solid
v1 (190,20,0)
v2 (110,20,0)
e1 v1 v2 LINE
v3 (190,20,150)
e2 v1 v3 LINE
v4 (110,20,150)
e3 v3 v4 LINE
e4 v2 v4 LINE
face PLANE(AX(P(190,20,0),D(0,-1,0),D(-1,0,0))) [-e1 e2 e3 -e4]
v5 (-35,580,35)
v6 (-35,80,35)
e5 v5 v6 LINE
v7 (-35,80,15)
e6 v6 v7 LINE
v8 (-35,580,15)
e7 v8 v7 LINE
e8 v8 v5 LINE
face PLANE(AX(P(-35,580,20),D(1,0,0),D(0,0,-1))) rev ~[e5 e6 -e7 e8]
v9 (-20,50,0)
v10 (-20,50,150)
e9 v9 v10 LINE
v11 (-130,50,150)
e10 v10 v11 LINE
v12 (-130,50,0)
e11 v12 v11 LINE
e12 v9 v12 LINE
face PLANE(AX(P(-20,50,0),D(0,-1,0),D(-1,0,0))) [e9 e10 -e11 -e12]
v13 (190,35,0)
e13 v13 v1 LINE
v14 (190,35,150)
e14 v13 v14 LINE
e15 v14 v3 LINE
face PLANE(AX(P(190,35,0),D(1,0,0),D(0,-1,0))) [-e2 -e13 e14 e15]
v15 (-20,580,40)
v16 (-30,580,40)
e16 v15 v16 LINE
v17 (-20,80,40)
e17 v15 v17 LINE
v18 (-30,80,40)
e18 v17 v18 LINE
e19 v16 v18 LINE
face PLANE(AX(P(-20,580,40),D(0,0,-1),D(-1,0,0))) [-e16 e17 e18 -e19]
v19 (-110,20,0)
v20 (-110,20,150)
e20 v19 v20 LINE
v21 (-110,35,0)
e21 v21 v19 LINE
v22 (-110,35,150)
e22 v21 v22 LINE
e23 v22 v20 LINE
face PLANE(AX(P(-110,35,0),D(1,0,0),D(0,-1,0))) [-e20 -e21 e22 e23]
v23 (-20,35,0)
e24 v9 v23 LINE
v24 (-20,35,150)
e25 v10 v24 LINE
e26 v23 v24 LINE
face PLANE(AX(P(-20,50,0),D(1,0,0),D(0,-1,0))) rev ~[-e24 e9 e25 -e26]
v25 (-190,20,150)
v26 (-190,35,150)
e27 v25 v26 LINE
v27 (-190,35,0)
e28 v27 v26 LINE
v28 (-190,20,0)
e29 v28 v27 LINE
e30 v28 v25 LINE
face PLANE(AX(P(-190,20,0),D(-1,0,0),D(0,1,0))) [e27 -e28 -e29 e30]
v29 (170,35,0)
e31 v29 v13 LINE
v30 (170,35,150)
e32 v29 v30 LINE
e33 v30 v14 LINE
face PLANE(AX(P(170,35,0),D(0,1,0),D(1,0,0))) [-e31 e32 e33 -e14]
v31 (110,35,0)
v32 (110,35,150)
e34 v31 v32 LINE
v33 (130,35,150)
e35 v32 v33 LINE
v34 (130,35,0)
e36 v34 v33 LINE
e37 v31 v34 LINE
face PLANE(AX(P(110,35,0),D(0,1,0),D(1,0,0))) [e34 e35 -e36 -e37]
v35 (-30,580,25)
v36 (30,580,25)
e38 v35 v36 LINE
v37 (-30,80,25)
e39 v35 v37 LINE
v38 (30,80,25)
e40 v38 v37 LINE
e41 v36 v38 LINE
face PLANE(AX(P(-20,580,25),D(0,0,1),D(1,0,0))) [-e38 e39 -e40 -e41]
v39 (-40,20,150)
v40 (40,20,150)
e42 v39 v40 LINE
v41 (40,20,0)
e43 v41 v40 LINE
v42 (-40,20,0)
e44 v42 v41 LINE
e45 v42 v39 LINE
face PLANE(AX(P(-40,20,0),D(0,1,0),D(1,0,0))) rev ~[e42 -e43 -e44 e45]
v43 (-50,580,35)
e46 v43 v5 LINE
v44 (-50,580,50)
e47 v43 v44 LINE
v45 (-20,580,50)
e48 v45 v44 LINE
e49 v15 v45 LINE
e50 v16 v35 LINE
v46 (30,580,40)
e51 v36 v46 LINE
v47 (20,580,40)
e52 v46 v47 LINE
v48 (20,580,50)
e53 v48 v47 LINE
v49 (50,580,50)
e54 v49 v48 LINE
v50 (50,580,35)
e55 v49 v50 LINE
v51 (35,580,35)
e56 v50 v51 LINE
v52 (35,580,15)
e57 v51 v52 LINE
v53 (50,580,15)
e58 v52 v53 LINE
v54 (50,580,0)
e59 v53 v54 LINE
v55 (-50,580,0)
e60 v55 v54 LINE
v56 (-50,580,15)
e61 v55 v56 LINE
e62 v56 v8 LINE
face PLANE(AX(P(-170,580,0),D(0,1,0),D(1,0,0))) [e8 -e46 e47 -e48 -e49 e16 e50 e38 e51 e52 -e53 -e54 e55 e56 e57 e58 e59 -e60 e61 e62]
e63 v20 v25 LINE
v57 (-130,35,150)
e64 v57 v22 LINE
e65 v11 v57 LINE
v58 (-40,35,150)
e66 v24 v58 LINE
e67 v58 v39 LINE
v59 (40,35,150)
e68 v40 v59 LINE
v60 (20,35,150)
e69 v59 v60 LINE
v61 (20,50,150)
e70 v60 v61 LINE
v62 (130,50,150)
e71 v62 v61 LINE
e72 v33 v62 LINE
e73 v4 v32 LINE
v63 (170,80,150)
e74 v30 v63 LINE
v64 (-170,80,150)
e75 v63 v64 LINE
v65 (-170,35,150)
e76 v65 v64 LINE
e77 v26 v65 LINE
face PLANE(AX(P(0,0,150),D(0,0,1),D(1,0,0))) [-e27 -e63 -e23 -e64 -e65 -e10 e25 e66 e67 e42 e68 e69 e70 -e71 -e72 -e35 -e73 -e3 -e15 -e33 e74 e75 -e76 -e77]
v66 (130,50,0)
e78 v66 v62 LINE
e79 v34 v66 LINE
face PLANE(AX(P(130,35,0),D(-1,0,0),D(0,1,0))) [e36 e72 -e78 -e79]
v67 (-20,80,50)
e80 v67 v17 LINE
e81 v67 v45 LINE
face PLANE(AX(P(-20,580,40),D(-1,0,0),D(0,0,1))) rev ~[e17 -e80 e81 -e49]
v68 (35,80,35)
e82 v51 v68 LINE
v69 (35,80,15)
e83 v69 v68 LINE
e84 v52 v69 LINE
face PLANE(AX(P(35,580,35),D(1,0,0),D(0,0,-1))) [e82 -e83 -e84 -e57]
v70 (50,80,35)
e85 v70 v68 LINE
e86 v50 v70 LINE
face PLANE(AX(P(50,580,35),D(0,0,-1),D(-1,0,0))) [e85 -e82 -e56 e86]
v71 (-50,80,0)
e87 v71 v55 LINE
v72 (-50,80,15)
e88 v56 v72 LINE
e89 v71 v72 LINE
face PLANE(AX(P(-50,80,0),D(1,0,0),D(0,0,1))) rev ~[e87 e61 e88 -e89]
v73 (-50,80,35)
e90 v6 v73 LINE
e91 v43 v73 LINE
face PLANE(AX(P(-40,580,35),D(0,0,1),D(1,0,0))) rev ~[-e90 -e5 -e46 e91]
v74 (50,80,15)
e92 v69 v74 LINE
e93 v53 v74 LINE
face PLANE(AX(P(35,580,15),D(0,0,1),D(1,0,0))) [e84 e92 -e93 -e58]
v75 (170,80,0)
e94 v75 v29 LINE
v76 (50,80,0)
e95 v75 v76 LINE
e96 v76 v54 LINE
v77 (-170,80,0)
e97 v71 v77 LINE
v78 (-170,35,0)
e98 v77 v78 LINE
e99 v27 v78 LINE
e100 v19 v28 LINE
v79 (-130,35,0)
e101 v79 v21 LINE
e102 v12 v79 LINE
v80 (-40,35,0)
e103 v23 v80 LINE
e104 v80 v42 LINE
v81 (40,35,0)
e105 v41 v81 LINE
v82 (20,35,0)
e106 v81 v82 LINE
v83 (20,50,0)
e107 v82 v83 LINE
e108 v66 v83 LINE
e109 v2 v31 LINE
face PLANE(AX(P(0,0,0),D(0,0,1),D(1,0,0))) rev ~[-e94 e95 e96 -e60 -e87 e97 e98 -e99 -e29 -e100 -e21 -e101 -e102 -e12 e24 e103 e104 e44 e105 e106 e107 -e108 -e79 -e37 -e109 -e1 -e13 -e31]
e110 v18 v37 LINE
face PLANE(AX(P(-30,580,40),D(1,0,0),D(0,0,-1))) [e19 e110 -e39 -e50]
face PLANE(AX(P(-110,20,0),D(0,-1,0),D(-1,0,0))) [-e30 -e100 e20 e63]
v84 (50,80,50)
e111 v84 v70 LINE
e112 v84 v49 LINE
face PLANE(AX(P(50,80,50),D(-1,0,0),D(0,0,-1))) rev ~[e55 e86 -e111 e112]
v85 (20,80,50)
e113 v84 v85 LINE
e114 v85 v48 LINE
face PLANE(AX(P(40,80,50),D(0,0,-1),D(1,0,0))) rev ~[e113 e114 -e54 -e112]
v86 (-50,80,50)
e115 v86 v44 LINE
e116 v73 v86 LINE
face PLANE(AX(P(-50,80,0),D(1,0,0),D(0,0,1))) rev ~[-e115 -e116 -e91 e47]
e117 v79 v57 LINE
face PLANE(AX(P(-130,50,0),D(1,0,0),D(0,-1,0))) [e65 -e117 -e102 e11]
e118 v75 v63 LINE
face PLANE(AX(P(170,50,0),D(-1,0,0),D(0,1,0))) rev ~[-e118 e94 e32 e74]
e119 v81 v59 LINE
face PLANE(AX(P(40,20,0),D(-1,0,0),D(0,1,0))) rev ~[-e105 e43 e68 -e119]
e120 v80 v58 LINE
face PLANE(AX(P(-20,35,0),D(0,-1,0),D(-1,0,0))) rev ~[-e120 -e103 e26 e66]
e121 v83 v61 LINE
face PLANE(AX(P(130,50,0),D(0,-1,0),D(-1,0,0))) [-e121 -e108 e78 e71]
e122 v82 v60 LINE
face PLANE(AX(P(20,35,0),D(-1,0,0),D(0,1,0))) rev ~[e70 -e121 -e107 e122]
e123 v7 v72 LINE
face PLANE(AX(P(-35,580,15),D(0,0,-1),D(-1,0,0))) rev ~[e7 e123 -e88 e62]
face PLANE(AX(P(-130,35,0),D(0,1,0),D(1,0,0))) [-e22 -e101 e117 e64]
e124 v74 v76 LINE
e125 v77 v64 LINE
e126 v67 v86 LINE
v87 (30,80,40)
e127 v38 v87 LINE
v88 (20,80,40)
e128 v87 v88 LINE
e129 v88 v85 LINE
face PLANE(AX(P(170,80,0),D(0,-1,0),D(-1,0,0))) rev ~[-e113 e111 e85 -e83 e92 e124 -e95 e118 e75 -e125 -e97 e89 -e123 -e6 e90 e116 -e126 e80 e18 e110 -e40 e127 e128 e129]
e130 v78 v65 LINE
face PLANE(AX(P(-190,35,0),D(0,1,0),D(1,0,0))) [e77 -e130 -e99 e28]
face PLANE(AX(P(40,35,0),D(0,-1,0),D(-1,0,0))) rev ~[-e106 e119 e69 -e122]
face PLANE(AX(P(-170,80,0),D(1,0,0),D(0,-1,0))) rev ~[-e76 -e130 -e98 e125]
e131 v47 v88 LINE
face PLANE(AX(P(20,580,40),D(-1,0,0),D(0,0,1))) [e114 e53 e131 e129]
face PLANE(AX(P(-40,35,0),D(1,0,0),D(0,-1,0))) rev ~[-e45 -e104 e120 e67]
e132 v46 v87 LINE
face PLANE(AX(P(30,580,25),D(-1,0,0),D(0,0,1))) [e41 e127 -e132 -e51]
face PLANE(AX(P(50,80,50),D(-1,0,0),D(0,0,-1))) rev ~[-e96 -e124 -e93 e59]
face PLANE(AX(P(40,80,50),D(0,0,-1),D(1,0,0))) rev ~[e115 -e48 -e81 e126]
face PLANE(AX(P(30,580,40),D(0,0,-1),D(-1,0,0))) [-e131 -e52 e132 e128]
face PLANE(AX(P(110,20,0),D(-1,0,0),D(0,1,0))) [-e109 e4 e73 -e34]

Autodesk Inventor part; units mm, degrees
ref_plane "YZ Plane" through (0, 0, 0) normal (1, 0, 0) x (0, 1, 0)
ref_plane "XZ Plane" through (0, 0, 0) normal (0, 1, 0) x (-1, 0, 0)
ref_plane "XY Plane" through (0, 0, 0) normal (0, 0, 1) x (1, 0, 0)
sketch "Sketch1" plane through (0, 0, 0) normal (0, 0, 1) x (1, 0, 0)
  line L0 (-300, 0) -> (300, 0)
  line L1 (300, 0) -> (300, 50)
  line L2 (-300, 50) -> (-300, 0)
  line L3 (-20, 50) -> (-20, 35)
  line L4 (-20, 35) -> (-40, 35)
  line L5 (-40, 35) -> (-40, 20)
  line L6 (-40, 20) -> (40, 20)
  line L7 (40, 20) -> (40, 35)
  line L8 (40, 35) -> (20, 35)
  line L9 (20, 35) -> (20, 50)
  line L10 (-75, 159.793) -> (-75, -97.8722) construction
  line L11 (75, 159.793) -> (75, -92.8199) construction
  line L12 (-110, 20) -> (-190, 20)
  line L13 (-190, 20) -> (-190, 35)
  line L14 (-110, 35) -> (-110, 20)
  line L15 (-130, 35) -> (-110, 35)
  line L16 (-130, 50) -> (-130, 35)
  line L17 (-170, 35) -> (-170, 50)
  line L18 (-190, 35) -> (-170, 35)
  line L19 (170, 50) -> (170, 35)
  line L20 (170, 35) -> (190, 35)
  line L21 (190, 35) -> (190, 20)
  line L22 (190, 20) -> (110, 20)
  line L23 (110, 20) -> (110, 35)
  line L24 (110, 35) -> (130, 35)
  line L25 (130, 35) -> (130, 50)
  line L26 (-20, 50) -> (-130, 50)
  line L27 (-170, 50) -> (-300, 50)
  line L28 (300, 50) -> (170, 50)
  line L29 (130, 50) -> (20, 50)
  line L30 (170, 35) -> (170, 80)
  line L31 (170, 80) -> (-170, 80)
  line L32 (-170, 80) -> (-170, 35)
  point P0 (0, 0)
  point P1 (0, 0)
  dimension "d0" = 300
  dimension "d1" = 600
  dimension "d2" = 50
  dimension "d3" = 50
  dimension "d4" = 20
  dimension "d5" = 20
  dimension "d6" = 20
  dimension "d7" = 20
  dimension "d8" = 30
  dimension "d9" = 15
  dimension "d10" = 15
  dimension "d11" = 75
  dimension "d12" = 75
  dimension "d13" = 15
  dimension "d14" = 109.793
  dimension "d15" = 142.8199
  dimension "d16" = 109.793
  dimension "d17" = 147.8722
  dimension "d18" = 45
sketch "Sketch2" plane through (0, 0, 0) normal (0, 0, 1) x (1, 0, 0)
  point P0 (0, 0)
extrude "Extrusion1" add sketch "Sketch1" along normal blind 150 contours L32 L31 L30 L19 L20 L21 L22 L23 L24 L25 L29 L9 L8 L7 L6 L5 L4 L3 L26 L16 L15 L14 L12 L13 L18 L17
sketch "Sketch3" plane through (-170, 80, 0) normal (0, 1, 0) x (1, 0, 0)
  line L0 (170, 0) -> (130, 0)
  line L1 (130, 0) -> (130, -50) construction
  line L2 (130, -50) -> (170, -50)
  line L3 (340, 0) -> (0, 0) projected
  line L4 (170, -50) -> (210, -50)
  line L5 (210, -50) -> (210, 0) construction
  line L6 (210, 0) -> (170, 0)
  line L7 (120, -50) -> (220, -50)
  line L8 (220, -50) -> (220, 0)
  line L9 (220, 0) -> (120, 0)
  line L10 (120, 0) -> (120, -50)
  line L11 (120, -50) -> (220, 0) construction
  line L12 (220, -50) -> (120, 0) construction
  point P0 (170, -25)
  dimension "d21" = 40
  dimension "d22" = 50
  dimension "d23" = 40
  dimension "d36" = 100
extrude "Extrusion2" add sketch "Sketch3" along normal blind 500
sketch "Sketch5" plane through (-170, 580, 0) normal (0, 1, 0) x (1, 0, 0)
  line L0 (150, 0) -> (150, -150) projected
  line L1 (190, -60) -> (150, -60)
  line L2 (150, -60) -> (150, -40)
  line L3 (150, -40) -> (190, -40) construction
  line L4 (190, -40) -> (190, -60)
  line L5 (220, -50) -> (120, -50) projected
  line L6 (190, -60) -> (150, -40) construction
  line L7 (150, -60) -> (190, -40) construction
  line L8 (150, -40) -> (140, -40)
  line L9 (140, -40) -> (140, -25)
  line L10 (140, -25) -> (200, -25)
  line L11 (200, -25) -> (200, -40)
  line L12 (200, -40) -> (190, -40)
  point P0 (170, 0)
  point P1 (170, -50)
  point P2 (210, -50)
  point P3 (130, -50)
  point P4 (170, -50)
  dimension "d26" = 10
  dimension "d27" = 15
  dimension "d28" = 60
  dimension "d31" = 20
extrude "Extrusion3" cut sketch "Sketch5" against normal blind 500
sketch "Sketch6" plane through (-170, 580, 0) normal (0, 1, 0) x (1, 0, 0)
  line L0 (130, 0) -> (130, -150) projected
  line L1 (150, 0) -> (150, -150) projected
  line L2 (135, -30) -> (135, -20)
  line L3 (170, 0) -> (170, -54.7641) construction
  line L4 (120, -50) -> (120, 0) projected
  line L5 (120, -20) -> (120, -30)
  line L6 (220, 0) -> (220, -50) projected
  line L7 (135, -20) -> (135, -15)
  line L8 (135, -15) -> (120, -15)
  line L9 (120, -30) -> (120, -35)
  line L10 (120, -35) -> (135, -35)
  line L11 (135, -35) -> (135, -30)
  line L12 (120, -15) -> (120, -20)
  line L13 (205, -30) -> (205, -20)
  line L14 (220, -50) -> (220, 0)
  line L15 (205, -20) -> (205, -15)
  line L16 (205, -15) -> (220, -15)
  line L17 (220, -30) -> (220, -35)
  line L18 (220, -35) -> (205, -35)
  line L19 (205, -35) -> (205, -30)
  point P0 (130, -35)
  point P1 (130, -15)
  dimension "d38" = 5
  dimension "d39" = 15
extrude "Extrusion4" cut sketch "Sketch6" against normal blind 500
properties part number "Clamp jaw handle"
